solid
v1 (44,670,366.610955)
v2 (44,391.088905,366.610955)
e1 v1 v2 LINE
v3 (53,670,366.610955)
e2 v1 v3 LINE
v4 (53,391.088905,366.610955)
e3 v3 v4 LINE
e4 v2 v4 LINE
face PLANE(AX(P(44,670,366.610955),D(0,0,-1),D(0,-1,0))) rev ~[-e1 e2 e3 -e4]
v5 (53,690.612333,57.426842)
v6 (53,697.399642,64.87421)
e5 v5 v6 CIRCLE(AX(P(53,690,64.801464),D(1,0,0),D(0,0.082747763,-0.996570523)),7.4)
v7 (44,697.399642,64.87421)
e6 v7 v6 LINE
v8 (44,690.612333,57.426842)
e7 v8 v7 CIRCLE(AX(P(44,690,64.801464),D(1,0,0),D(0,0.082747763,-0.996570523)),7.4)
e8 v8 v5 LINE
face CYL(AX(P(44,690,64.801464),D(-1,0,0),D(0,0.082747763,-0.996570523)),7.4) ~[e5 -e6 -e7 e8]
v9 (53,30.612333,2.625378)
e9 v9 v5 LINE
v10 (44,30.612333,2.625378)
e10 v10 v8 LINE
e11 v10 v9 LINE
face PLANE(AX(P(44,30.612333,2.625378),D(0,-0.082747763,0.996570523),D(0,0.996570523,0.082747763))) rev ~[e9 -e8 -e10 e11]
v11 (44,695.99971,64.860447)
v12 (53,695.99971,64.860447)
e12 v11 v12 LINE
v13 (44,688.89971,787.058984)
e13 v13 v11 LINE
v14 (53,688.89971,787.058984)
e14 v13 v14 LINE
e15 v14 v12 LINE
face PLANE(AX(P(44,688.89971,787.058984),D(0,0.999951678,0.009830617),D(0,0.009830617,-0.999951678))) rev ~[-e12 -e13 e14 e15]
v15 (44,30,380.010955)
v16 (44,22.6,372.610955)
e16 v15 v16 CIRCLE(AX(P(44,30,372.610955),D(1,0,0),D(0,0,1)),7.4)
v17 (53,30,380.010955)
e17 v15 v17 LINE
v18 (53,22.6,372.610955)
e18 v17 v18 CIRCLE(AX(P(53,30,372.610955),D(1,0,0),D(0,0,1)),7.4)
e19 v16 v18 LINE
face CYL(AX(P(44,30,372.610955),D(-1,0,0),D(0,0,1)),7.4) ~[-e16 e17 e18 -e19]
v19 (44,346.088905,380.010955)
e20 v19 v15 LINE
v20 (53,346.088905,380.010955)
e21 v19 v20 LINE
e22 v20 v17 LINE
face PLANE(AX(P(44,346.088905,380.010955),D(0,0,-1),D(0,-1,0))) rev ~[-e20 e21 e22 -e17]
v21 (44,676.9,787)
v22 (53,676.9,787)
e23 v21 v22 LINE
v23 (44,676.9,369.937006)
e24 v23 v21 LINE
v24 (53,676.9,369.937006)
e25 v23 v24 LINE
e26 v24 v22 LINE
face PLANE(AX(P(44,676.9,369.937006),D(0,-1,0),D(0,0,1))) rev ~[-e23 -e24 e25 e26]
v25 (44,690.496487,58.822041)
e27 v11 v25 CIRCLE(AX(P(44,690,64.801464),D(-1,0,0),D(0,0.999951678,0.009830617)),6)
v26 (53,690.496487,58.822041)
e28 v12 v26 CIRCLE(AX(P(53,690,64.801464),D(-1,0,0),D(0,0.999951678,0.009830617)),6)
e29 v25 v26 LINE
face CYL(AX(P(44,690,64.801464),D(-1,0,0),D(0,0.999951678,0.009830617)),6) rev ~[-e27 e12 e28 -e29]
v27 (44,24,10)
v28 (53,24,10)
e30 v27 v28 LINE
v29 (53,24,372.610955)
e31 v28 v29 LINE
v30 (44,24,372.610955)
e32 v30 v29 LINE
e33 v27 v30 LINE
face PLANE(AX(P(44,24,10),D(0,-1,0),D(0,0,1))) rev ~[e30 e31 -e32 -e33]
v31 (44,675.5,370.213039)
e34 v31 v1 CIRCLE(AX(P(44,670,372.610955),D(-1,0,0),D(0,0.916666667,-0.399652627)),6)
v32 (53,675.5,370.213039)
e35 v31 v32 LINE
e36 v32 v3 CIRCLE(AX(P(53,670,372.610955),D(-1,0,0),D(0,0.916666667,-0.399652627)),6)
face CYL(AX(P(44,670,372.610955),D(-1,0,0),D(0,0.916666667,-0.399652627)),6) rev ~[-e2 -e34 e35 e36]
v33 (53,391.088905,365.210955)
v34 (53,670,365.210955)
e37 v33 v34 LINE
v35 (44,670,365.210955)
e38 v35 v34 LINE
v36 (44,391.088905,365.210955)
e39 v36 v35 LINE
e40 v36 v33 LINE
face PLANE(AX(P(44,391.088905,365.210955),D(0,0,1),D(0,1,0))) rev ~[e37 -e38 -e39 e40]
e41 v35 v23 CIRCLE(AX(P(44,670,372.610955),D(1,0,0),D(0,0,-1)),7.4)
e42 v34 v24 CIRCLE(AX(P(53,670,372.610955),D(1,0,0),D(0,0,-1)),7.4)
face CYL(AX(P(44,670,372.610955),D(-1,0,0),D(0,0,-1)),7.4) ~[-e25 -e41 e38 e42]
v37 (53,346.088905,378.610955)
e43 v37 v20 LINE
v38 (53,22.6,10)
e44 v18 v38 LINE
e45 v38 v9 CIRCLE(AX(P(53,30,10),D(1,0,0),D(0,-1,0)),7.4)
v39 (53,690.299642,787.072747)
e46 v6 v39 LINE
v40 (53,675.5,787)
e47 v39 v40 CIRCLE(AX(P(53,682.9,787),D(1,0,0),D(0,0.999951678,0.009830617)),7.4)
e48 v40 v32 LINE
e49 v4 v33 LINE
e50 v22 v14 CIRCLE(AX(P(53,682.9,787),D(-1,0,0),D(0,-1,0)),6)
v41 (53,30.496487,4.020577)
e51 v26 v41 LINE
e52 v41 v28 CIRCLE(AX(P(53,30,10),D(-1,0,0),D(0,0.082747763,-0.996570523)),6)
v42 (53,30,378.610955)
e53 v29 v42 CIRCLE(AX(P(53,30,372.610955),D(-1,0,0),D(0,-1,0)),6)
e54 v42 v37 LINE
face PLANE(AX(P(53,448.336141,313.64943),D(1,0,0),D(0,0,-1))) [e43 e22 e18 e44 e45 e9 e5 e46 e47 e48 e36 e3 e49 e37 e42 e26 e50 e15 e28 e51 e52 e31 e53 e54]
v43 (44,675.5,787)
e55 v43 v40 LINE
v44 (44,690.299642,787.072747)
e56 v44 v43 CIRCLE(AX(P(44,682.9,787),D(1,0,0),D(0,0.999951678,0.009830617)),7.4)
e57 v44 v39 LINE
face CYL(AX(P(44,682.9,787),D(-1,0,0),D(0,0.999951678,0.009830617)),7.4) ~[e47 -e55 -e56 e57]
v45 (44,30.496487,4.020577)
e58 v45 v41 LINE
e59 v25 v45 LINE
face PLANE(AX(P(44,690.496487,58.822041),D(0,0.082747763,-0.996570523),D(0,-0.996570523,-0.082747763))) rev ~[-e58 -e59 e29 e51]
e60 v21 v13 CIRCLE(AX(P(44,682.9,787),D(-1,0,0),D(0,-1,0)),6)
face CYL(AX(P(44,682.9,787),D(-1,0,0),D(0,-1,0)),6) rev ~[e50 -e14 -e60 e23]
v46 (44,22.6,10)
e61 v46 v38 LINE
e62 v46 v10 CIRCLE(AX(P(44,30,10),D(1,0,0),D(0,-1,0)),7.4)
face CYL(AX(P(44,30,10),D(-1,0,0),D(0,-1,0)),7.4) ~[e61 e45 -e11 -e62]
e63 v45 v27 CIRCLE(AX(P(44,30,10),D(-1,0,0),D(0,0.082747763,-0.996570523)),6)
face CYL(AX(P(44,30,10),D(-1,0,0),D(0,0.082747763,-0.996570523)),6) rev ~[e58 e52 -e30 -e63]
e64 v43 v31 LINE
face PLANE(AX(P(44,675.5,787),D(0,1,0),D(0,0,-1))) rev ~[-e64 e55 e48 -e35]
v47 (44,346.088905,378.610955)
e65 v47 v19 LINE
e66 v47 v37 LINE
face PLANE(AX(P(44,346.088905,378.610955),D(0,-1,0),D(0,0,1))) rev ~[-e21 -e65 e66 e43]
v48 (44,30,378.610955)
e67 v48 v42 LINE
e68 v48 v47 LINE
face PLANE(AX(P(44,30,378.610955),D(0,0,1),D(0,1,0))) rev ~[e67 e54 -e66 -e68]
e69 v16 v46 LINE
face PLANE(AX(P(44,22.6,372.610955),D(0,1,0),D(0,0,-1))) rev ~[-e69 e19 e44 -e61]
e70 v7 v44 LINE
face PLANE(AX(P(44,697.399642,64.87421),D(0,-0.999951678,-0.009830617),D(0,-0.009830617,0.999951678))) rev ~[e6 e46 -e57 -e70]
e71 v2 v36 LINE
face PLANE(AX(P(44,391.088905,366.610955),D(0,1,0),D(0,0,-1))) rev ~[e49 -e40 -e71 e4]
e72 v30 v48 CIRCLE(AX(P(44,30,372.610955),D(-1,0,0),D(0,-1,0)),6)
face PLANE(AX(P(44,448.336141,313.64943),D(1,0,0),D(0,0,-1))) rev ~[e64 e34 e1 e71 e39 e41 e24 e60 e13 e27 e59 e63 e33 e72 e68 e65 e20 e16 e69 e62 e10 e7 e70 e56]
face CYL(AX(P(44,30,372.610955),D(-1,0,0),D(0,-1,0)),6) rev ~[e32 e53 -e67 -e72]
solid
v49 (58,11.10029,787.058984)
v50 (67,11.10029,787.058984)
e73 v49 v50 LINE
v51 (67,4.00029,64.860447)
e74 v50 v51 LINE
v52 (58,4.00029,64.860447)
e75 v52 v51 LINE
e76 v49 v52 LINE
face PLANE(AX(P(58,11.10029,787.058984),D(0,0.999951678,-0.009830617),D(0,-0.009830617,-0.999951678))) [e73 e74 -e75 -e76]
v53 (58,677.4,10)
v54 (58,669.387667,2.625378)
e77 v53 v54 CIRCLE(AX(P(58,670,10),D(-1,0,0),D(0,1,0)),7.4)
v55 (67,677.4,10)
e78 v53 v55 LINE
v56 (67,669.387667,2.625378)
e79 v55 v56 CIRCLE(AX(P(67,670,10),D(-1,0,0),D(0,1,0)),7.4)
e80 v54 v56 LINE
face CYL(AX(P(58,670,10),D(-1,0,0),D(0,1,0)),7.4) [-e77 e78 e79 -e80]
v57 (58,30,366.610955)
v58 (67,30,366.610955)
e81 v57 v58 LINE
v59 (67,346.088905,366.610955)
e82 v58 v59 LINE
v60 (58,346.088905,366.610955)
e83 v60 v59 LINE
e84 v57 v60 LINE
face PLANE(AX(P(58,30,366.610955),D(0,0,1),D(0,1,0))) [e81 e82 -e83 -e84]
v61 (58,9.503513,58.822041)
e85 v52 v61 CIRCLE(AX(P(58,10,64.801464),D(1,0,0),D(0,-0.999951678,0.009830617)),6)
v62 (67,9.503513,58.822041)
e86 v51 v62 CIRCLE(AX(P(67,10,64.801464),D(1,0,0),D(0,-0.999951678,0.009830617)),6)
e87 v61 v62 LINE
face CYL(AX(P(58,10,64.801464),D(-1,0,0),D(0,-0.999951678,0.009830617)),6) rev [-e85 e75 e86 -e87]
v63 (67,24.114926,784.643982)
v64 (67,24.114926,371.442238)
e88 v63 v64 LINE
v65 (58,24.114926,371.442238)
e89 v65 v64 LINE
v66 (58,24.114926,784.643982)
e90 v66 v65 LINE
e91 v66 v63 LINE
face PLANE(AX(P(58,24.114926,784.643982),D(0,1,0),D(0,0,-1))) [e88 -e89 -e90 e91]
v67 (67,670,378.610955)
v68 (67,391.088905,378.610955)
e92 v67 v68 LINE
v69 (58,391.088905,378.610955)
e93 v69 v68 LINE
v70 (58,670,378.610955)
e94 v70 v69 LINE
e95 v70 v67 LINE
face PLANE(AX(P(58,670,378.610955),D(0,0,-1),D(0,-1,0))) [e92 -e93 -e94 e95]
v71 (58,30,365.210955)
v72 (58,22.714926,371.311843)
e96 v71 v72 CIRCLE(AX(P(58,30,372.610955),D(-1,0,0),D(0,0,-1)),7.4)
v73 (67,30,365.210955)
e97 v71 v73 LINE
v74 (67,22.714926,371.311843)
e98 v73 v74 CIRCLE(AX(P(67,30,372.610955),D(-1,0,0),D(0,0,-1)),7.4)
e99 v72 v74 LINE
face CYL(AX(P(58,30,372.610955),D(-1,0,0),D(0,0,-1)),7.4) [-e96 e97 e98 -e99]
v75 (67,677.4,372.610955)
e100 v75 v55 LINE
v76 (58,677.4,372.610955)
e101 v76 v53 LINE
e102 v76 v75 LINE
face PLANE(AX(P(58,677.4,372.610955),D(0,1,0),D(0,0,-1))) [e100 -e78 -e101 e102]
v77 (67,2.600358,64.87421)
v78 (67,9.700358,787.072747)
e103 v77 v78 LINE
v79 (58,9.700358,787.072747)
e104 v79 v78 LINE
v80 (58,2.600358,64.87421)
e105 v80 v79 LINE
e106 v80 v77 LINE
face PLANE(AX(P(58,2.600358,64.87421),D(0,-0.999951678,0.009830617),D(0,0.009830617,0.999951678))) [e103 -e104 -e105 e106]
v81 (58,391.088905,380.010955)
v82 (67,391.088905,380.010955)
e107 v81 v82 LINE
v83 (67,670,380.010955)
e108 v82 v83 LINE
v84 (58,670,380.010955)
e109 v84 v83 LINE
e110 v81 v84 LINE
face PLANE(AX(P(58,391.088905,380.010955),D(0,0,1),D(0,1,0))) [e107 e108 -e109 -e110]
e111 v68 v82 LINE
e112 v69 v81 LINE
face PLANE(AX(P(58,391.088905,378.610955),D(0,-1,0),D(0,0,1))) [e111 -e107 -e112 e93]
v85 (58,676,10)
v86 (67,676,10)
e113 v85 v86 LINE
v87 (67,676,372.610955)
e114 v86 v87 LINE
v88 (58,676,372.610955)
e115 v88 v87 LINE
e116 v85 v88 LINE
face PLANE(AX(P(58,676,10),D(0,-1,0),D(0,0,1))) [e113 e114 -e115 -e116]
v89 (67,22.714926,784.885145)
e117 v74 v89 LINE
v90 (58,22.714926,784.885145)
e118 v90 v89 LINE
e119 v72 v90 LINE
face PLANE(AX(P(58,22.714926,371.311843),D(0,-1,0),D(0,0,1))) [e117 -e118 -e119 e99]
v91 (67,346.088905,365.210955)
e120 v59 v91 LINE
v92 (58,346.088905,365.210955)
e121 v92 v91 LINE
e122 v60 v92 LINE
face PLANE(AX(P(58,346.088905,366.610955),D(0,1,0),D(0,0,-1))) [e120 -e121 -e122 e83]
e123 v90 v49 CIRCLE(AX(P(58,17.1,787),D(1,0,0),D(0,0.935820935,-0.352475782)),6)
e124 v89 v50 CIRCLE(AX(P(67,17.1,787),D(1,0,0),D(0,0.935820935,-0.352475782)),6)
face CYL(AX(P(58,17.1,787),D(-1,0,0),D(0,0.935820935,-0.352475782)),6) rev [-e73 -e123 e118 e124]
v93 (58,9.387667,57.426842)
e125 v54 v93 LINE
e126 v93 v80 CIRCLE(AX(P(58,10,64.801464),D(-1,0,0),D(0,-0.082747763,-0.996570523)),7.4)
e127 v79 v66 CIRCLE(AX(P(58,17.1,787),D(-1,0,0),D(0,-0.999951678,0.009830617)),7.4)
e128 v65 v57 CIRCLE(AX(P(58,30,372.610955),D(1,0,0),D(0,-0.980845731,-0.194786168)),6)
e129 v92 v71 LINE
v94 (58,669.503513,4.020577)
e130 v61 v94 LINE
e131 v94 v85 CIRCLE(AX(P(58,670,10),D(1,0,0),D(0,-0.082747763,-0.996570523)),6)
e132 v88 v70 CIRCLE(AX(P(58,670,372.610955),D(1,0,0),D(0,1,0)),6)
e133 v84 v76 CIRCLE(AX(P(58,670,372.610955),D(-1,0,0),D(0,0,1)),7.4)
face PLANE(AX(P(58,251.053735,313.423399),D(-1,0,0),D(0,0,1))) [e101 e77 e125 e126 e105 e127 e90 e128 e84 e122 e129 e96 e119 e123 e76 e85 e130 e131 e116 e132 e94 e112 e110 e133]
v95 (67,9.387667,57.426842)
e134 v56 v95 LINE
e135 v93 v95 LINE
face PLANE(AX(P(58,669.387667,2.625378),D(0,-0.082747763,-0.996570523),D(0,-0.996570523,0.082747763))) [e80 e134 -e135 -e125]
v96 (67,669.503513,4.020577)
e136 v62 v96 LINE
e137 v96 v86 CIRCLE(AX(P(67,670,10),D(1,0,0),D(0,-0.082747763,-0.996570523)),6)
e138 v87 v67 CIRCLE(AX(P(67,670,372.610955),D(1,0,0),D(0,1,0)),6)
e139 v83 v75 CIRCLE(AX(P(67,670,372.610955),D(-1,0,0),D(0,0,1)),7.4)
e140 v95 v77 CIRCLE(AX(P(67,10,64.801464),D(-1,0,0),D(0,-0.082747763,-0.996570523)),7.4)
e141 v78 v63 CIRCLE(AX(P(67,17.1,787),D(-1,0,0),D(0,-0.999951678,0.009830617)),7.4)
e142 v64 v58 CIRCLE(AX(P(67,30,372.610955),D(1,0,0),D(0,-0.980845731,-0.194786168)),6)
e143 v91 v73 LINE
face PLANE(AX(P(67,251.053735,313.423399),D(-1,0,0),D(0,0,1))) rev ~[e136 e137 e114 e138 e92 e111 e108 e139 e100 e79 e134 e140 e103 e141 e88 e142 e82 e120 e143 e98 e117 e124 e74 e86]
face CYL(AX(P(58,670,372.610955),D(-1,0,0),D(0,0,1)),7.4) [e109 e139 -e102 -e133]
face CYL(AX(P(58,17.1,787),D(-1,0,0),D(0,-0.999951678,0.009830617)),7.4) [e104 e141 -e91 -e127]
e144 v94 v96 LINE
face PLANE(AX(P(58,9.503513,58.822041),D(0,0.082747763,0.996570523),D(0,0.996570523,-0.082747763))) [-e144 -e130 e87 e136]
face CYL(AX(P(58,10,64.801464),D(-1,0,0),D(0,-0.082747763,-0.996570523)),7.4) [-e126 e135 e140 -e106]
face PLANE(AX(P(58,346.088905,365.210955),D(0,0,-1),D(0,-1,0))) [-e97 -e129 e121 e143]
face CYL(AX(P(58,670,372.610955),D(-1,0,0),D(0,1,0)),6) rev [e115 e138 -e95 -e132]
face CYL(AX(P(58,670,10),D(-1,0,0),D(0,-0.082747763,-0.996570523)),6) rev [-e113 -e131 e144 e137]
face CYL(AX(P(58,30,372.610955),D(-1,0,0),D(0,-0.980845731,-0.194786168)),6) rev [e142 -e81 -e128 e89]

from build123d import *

# Parameters (mm, degrees)
EXTRUDE_START   = 1
EXTRUDE_1_DEPTH = 9
EXTRUDE_2_DEPTH = 9


with BuildPart() as part:
    # Эскиз1 → Вытянуть-Тонкостенный1 (new body)
    with BuildSketch(Plane(origin=(43, 0, 0), x_dir=(0, 0, -1), z_dir=(1, 0, 0)).offset(EXTRUDE_START)):
        with BuildLine():
            Line((-365.210954527, 391.088904873), (-365.210954527, 670))
            ThreePointArc((-365.210954527, 670), (-366.505742897, 674.181673224), (-369.937006136, 676.9))
            Line((-369.937006136, 676.9), (-787, 676.9))
            ThreePointArc((-787, 676.9), (-792.999927517, 682.870507794), (-787.0589837, 688.89971007))
            Line((-787.0589837, 688.89971007), (-64.860447413, 695.99971007))
            ThreePointArc((-64.860447413, 695.99971007), (-60.759896196, 694.434606184), (-58.822040574, 690.496486576))
            Line((-58.822040574, 690.496486576), (-4.020576861, 30.496486576))
            ThreePointArc((-4.020576861, 30.496486576), (-5.585313179, 25.936683587), (-10, 24))
            Line((-10, 24), (-372.610954527, 24))
            ThreePointArc((-372.610954527, 24), (-376.853595214, 25.757359313), (-378.610954527, 30))
            Line((-378.610954527, 30), (-378.610954527, 346.088904873))
            Line((-378.610954527, 346.088904873), (-380.010954527, 346.088904873))
            Line((-380.010954527, 346.088904873), (-380.010954527, 30))
            ThreePointArc((-380.010954527, 30), (-377.843544708, 24.767409819), (-372.610954527, 22.6))
            Line((-372.610954527, 22.6), (-10, 22.6))
            ThreePointArc((-10, 22.6), (-4.555219587, 24.988576424), (-2.625378128, 30.612333444))
            Line((-2.625378128, 30.612333444), (-57.426841842, 690.612333444))
            ThreePointArc((-57.426841842, 690.612333444), (-59.816863776, 695.469347626), (-64.874210276, 697.39964242))
            Line((-64.874210276, 697.39964242), (-787.072746563, 690.29964242))
            ThreePointArc((-787.072746563, 690.29964242), (-794.399910604, 682.863626279), (-787, 675.5))
            Line((-787, 675.5), (-370.213038765, 675.5))
            ThreePointArc((-370.213038765, 675.5), (-367.591617192, 673.287286528), (-366.610954527, 670))
            Line((-366.610954527, 670), (-366.610954527, 391.088904873))
            Line((-366.610954527, 391.088904873), (-365.210954527, 391.088904873))
        make_face()
    extrude(amount=EXTRUDE_1_DEPTH)


with BuildPart() as body_2:
    # Эскиз2 → Вытянуть-Тонкостенный2 (new body)
    with BuildSketch(Plane(origin=(57, 0, 0), x_dir=(0, 0, -1), z_dir=(1, 0, 0)).offset(EXTRUDE_START)):
        with BuildLine():
            Line((-365.210954527, 346.088904873), (-365.210954527, 30))
            ThreePointArc((-365.210954527, 30), (-366.937621008, 25.248864685), (-371.311842847, 22.714925612))
            Line((-371.311842847, 22.714925612), (-784.885145307, 22.714925612))
            ThreePointArc((-784.885145307, 22.714925612), (-792.897592042, 18.203815252), (-787.0589837, 11.10028993))
            Line((-787.0589837, 11.10028993), (-64.860447413, 4.00028993))
            ThreePointArc((-64.860447413, 4.00028993), (-60.759896196, 5.565393816), (-58.822040574, 9.503513424))
            Line((-58.822040574, 9.503513424), (-4.020576861, 669.503513424))
            ThreePointArc((-4.020576861, 669.503513424), (-5.585313179, 674.063316413), (-10, 676))
            Line((-10, 676), (-372.610954527, 676))
            ThreePointArc((-372.610954527, 676), (-376.853595214, 674.242640687), (-378.610954527, 670))
            Line((-378.610954527, 670), (-378.610954527, 391.088904873))
            Line((-378.610954527, 391.088904873), (-380.010954527, 391.088904873))
            Line((-380.010954527, 391.088904873), (-380.010954527, 670))
            ThreePointArc((-380.010954527, 670), (-377.843544708, 675.232590181), (-372.610954527, 677.4))
            Line((-372.610954527, 677.4), (-10, 677.4))
            ThreePointArc((-10, 677.4), (-4.555219587, 675.011423576), (-2.625378128, 669.387666556))
            Line((-2.625378128, 669.387666556), (-57.426841842, 9.387666556))
            ThreePointArc((-57.426841842, 9.387666556), (-59.816863776, 4.530652374), (-64.874210276, 2.60035758))
            Line((-64.874210276, 2.60035758), (-787.072746563, 9.70035758))
            ThreePointArc((-787.072746563, 9.70035758), (-794.297141528, 18.329522479), (-784.643982457, 24.114925612))
            Line((-784.643982457, 24.114925612), (-371.442237519, 24.114925612))
            ThreePointArc((-371.442237519, 24.114925612), (-367.973482045, 26.192921202), (-366.610954527, 30))
            Line((-366.610954527, 30), (-366.610954527, 346.088904873))
            Line((-366.610954527, 346.088904873), (-365.210954527, 346.088904873))
        make_face()
    extrude(amount=EXTRUDE_2_DEPTH)


solid = Compound([part.part, body_2.part])
